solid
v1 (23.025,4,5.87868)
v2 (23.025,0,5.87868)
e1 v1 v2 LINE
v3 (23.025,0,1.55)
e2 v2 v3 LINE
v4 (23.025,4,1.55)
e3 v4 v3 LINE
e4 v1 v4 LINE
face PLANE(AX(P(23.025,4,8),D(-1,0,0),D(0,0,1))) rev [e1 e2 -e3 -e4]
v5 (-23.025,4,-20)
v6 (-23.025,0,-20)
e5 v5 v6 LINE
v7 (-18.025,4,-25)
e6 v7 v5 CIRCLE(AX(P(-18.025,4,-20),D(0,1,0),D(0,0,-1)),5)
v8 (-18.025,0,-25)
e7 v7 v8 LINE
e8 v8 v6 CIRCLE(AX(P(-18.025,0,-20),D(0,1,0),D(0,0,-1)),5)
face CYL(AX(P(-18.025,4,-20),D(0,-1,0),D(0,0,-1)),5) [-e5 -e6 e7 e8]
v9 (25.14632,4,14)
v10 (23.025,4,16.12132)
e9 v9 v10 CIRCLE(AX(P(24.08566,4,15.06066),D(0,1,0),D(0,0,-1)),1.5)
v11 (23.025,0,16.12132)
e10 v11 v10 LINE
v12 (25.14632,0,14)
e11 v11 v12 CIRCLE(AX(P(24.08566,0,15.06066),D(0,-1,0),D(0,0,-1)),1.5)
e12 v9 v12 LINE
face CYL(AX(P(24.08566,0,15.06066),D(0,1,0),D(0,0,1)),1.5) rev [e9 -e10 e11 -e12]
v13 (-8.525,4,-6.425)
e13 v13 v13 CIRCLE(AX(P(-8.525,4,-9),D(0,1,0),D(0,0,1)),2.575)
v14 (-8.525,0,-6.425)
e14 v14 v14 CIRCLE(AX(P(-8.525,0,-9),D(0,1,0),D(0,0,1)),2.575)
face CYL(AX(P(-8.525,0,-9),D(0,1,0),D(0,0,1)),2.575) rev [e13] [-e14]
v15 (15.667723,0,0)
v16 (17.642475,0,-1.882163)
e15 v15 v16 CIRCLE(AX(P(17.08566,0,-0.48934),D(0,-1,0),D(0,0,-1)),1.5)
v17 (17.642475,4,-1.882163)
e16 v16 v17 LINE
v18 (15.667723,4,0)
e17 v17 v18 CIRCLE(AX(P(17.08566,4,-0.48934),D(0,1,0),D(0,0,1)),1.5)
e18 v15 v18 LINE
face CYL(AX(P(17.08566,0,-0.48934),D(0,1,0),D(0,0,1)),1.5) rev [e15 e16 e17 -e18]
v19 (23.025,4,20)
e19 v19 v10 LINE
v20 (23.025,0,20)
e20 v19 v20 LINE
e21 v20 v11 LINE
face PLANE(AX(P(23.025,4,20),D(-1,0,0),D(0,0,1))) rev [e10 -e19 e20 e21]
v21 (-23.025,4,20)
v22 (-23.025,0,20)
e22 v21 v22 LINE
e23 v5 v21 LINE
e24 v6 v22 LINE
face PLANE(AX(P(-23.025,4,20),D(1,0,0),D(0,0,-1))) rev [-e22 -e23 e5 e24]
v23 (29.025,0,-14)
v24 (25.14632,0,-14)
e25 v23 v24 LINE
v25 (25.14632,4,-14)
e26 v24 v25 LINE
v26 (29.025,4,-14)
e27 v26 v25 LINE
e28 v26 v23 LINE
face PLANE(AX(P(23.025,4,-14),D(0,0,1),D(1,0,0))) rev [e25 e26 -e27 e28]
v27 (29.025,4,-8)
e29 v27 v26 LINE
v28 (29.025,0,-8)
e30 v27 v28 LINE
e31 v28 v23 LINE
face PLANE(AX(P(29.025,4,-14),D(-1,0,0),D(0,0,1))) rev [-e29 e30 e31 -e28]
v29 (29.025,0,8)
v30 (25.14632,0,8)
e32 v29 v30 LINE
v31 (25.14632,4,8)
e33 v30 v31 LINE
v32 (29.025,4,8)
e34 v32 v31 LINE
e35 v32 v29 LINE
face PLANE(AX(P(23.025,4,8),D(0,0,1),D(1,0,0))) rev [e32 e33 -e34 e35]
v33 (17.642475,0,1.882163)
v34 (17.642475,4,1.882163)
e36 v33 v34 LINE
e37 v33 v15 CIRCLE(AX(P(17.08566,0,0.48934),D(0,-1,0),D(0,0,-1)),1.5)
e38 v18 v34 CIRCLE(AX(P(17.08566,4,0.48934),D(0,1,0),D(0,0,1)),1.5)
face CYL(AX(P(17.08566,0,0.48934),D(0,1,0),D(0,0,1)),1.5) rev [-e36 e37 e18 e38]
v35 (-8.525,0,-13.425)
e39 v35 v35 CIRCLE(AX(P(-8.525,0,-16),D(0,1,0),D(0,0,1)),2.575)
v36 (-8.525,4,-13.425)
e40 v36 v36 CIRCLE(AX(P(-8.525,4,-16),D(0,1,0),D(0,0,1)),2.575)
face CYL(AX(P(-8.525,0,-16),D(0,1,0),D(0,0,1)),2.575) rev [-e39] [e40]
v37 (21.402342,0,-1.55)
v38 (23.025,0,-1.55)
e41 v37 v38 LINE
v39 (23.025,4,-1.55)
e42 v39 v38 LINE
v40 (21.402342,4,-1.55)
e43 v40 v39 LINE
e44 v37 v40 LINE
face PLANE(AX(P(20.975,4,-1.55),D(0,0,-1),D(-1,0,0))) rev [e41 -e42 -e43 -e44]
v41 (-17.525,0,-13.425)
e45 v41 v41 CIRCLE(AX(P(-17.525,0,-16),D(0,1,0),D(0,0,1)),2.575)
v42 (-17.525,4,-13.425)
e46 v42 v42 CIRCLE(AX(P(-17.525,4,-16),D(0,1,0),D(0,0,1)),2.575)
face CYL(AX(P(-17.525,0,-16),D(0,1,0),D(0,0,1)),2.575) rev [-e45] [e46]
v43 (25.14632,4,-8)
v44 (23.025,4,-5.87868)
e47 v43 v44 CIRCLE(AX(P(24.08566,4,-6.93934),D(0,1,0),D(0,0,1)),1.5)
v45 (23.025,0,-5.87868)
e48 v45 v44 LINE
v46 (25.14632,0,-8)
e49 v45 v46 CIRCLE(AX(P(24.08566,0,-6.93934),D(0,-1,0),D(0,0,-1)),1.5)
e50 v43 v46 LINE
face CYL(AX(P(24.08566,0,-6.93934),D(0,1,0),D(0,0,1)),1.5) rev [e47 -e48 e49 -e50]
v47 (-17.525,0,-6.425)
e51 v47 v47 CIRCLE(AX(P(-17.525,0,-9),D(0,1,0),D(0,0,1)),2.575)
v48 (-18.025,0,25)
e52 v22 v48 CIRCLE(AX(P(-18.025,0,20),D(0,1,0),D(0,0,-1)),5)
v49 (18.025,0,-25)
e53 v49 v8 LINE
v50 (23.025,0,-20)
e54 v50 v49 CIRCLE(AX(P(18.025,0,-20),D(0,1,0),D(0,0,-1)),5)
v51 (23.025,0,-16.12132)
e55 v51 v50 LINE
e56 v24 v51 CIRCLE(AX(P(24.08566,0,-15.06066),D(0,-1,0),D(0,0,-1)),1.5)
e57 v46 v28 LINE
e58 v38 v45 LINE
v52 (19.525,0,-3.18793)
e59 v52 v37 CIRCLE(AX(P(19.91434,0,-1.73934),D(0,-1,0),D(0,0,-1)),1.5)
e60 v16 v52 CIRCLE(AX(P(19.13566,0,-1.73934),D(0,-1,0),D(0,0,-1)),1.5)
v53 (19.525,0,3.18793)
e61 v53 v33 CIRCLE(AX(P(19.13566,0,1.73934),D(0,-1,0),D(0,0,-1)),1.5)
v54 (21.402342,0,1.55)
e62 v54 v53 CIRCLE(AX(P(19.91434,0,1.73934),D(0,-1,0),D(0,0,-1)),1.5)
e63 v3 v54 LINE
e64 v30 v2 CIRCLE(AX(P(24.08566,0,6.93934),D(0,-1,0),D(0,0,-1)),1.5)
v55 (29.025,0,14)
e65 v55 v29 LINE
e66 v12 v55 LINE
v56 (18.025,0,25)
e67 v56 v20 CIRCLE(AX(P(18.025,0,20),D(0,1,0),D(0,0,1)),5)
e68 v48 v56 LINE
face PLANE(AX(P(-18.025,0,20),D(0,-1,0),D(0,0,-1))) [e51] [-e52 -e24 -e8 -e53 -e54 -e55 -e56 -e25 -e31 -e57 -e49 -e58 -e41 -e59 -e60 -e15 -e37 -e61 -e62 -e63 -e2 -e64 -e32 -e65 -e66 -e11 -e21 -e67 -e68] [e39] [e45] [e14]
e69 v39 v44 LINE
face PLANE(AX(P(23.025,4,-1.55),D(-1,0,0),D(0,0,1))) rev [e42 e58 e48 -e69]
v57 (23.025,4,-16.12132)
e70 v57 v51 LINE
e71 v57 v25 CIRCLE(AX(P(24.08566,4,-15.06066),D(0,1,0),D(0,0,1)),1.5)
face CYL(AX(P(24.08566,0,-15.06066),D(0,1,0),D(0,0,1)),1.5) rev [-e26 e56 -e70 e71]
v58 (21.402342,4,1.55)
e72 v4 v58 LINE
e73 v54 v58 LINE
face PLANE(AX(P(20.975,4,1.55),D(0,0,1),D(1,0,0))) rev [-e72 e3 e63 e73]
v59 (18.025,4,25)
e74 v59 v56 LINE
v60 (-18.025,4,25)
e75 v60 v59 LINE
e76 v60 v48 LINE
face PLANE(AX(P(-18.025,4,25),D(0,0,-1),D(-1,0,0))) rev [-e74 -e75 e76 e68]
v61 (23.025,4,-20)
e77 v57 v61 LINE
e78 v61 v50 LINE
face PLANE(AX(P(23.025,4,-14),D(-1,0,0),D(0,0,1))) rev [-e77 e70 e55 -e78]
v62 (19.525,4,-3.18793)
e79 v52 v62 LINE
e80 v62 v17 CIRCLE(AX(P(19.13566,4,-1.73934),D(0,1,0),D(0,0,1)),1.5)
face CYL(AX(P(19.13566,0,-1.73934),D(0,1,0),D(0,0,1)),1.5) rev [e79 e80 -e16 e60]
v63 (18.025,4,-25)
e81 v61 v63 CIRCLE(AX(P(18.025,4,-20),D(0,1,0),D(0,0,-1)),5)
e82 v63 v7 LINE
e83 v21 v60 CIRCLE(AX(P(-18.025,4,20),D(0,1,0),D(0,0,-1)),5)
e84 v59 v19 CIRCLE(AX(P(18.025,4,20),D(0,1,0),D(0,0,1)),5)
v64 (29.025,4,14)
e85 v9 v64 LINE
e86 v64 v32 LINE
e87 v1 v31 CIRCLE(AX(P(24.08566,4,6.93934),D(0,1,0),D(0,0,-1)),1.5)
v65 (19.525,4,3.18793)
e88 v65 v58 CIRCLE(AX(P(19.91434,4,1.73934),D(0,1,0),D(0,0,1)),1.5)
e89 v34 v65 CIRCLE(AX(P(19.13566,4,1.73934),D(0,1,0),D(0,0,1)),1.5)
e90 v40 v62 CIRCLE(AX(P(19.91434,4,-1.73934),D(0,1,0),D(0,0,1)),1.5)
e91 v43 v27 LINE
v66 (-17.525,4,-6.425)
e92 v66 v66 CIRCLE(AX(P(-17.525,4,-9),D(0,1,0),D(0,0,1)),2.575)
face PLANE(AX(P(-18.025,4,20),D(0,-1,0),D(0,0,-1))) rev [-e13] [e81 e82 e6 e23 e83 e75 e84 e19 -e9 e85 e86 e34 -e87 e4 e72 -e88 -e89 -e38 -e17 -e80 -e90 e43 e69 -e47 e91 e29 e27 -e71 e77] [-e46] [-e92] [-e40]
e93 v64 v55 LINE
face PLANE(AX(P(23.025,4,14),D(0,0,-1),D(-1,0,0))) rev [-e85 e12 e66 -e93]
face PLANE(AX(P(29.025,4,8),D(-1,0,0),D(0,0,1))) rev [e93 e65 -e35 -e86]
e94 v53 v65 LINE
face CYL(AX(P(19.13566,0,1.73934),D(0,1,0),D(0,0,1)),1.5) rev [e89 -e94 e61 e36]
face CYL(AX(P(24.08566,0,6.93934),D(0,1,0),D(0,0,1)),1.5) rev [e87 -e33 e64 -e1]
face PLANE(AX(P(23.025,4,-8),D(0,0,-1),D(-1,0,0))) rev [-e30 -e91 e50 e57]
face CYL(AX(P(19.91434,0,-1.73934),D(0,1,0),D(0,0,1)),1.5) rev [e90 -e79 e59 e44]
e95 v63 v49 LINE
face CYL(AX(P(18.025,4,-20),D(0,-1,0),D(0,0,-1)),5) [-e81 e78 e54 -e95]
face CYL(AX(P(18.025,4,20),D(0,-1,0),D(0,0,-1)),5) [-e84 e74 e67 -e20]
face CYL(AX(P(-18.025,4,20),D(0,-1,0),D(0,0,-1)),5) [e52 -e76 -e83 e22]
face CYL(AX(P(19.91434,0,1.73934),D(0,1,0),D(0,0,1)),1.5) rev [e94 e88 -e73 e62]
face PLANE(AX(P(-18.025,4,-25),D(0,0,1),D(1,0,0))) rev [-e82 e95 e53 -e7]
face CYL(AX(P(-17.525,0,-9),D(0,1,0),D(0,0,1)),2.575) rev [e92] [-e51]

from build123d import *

# Parameters (mm, degrees)
SALIENTE_EXTRUIR1_DEPTH = 4
CORTAR_EXTRUIR4_DEPTH   = 5
CROQUIS10_R             = 1.5
CORTAR_EXTRUIR5_DEPTH   = 5
CROQUIS12_R             = 2.575
CORTAR_EXTRUIR6_DEPTH   = 5


with BuildPart() as part:
    # Croquis1 → Saliente-Extruir1 (new body)
    with BuildSketch(Plane(origin=(0, 0, 0), x_dir=(1, 0, 0), z_dir=(0, 1, 0))):
        with BuildLine():
            Line((-18.025, -25), (18.025, -25))
            ThreePointArc((18.025, -25), (21.560533906, -23.535533906), (23.025, -20))
            Line((23.025, -20), (23.025, -14))
            Line((23.025, -14), (29.025, -14))
            Line((29.025, -14), (29.025, -8))
            Line((29.025, -8), (23.025, -8))
            Line((23.025, -8), (23.025, -1.55))
            Line((23.025, -1.55), (20.975, -1.55))
            Line((20.975, -1.55), (20.975, -2.8))
            Line((20.975, -2.8), (18.075, -2.8))
            Line((18.075, -2.8), (18.075, -1.55))
            Line((18.075, -1.55), (16.025, -1.55))
            Line((16.025, -1.55), (16.025, 1.55))
            Line((16.025, 1.55), (18.075, 1.55))
            Line((18.075, 1.55), (18.075, 2.8))
            Line((18.075, 2.8), (20.975, 2.8))
            Line((20.975, 2.8), (20.975, 1.55))
            Line((20.975, 1.55), (23.025, 1.55))
            Line((23.025, 1.55), (23.025, 8))
            Line((23.025, 8), (29.025, 8))
            Line((29.025, 8), (29.025, 14))
            Line((29.025, 14), (23.025, 14))
            Line((23.025, 14), (23.025, 20))
            ThreePointArc((23.025, 20), (21.560533906, 23.535533906), (18.025, 25))
            Line((18.025, 25), (-18.025, 25))
            ThreePointArc((-18.025, 25), (-21.560533906, 23.535533906), (-23.025, 20))
            Line((-23.025, 20), (-23.025, -20))
            ThreePointArc((-23.025, -20), (-21.560533906, -23.535533906), (-18.025, -25))
        make_face()
    extrude(amount=SALIENTE_EXTRUIR1_DEPTH)

    # Croquis7 → Cortar-Extruir4 (cut, through all)
    with BuildSketch(Plane(origin=(0, 4, 0), x_dir=(1, 0, 0), z_dir=(0, 1, 0))):
        with BuildLine():
            Line((21.402341989, 1.55), (23.025, 1.55))
            Line((23.025, 1.55), (23.025, -1.55))
            Line((23.025, -1.55), (21.402341989, -1.55))
            ThreePointArc((21.402341989, -1.55), (20.900478098, -2.869619136), (19.525, -3.187930349))
            ThreePointArc((19.525, -3.187930349), (18.280747615, -2.971867524), (17.642475162, -1.882163243))
            ThreePointArc((17.642475162, -1.882163243), (16.05076038, -1.575149398), (15.66772275, 0))
            ThreePointArc((15.66772275, 0), (16.05076038, 1.575149398), (17.642475162, 1.882163243))
            ThreePointArc((17.642475162, 1.882163243), (18.280747615, 2.971867524), (19.525, 3.187930349))
            ThreePointArc((19.525, 3.187930349), (20.900478098, 2.869619136), (21.402341989, 1.55))
        make_face()
    extrude(amount=-CORTAR_EXTRUIR4_DEPTH, mode=Mode.SUBTRACT)

    # Croquis10 → Cortar-Extruir5 (cut, through all)
    with BuildSketch(Plane(origin=(0, 4, 0), x_dir=(1, 0, 0), z_dir=(0, 1, 0))):
        with Locations((24.085660172, 15.060660172)):
            Circle(CROQUIS10_R)
        with Locations((24.085660172, 6.939339828)):
            Circle(CROQUIS10_R)
        with Locations((24.085660172, -15.060660172)):
            Circle(CROQUIS10_R)
        with Locations((24.085660172, -6.939339828)):
            Circle(CROQUIS10_R)
    extrude(amount=-CORTAR_EXTRUIR5_DEPTH, mode=Mode.SUBTRACT)

    # Croquis12 → Cortar-Extruir6 (cut, through all)
    with BuildSketch(Plane(origin=(0, 4, 0), x_dir=(1, 0, 0), z_dir=(0, 1, 0))):
        with Locations((-17.525, 16)):
            Circle(CROQUIS12_R)
        with Locations((-8.525, 16)):
            Circle(CROQUIS12_R)
        with Locations((-8.525, 9)):
            Circle(CROQUIS12_R)
        with Locations((-17.525, 9)):
            Circle(CROQUIS12_R)
    extrude(amount=-CORTAR_EXTRUIR6_DEPTH, mode=Mode.SUBTRACT)


solid = part.part
